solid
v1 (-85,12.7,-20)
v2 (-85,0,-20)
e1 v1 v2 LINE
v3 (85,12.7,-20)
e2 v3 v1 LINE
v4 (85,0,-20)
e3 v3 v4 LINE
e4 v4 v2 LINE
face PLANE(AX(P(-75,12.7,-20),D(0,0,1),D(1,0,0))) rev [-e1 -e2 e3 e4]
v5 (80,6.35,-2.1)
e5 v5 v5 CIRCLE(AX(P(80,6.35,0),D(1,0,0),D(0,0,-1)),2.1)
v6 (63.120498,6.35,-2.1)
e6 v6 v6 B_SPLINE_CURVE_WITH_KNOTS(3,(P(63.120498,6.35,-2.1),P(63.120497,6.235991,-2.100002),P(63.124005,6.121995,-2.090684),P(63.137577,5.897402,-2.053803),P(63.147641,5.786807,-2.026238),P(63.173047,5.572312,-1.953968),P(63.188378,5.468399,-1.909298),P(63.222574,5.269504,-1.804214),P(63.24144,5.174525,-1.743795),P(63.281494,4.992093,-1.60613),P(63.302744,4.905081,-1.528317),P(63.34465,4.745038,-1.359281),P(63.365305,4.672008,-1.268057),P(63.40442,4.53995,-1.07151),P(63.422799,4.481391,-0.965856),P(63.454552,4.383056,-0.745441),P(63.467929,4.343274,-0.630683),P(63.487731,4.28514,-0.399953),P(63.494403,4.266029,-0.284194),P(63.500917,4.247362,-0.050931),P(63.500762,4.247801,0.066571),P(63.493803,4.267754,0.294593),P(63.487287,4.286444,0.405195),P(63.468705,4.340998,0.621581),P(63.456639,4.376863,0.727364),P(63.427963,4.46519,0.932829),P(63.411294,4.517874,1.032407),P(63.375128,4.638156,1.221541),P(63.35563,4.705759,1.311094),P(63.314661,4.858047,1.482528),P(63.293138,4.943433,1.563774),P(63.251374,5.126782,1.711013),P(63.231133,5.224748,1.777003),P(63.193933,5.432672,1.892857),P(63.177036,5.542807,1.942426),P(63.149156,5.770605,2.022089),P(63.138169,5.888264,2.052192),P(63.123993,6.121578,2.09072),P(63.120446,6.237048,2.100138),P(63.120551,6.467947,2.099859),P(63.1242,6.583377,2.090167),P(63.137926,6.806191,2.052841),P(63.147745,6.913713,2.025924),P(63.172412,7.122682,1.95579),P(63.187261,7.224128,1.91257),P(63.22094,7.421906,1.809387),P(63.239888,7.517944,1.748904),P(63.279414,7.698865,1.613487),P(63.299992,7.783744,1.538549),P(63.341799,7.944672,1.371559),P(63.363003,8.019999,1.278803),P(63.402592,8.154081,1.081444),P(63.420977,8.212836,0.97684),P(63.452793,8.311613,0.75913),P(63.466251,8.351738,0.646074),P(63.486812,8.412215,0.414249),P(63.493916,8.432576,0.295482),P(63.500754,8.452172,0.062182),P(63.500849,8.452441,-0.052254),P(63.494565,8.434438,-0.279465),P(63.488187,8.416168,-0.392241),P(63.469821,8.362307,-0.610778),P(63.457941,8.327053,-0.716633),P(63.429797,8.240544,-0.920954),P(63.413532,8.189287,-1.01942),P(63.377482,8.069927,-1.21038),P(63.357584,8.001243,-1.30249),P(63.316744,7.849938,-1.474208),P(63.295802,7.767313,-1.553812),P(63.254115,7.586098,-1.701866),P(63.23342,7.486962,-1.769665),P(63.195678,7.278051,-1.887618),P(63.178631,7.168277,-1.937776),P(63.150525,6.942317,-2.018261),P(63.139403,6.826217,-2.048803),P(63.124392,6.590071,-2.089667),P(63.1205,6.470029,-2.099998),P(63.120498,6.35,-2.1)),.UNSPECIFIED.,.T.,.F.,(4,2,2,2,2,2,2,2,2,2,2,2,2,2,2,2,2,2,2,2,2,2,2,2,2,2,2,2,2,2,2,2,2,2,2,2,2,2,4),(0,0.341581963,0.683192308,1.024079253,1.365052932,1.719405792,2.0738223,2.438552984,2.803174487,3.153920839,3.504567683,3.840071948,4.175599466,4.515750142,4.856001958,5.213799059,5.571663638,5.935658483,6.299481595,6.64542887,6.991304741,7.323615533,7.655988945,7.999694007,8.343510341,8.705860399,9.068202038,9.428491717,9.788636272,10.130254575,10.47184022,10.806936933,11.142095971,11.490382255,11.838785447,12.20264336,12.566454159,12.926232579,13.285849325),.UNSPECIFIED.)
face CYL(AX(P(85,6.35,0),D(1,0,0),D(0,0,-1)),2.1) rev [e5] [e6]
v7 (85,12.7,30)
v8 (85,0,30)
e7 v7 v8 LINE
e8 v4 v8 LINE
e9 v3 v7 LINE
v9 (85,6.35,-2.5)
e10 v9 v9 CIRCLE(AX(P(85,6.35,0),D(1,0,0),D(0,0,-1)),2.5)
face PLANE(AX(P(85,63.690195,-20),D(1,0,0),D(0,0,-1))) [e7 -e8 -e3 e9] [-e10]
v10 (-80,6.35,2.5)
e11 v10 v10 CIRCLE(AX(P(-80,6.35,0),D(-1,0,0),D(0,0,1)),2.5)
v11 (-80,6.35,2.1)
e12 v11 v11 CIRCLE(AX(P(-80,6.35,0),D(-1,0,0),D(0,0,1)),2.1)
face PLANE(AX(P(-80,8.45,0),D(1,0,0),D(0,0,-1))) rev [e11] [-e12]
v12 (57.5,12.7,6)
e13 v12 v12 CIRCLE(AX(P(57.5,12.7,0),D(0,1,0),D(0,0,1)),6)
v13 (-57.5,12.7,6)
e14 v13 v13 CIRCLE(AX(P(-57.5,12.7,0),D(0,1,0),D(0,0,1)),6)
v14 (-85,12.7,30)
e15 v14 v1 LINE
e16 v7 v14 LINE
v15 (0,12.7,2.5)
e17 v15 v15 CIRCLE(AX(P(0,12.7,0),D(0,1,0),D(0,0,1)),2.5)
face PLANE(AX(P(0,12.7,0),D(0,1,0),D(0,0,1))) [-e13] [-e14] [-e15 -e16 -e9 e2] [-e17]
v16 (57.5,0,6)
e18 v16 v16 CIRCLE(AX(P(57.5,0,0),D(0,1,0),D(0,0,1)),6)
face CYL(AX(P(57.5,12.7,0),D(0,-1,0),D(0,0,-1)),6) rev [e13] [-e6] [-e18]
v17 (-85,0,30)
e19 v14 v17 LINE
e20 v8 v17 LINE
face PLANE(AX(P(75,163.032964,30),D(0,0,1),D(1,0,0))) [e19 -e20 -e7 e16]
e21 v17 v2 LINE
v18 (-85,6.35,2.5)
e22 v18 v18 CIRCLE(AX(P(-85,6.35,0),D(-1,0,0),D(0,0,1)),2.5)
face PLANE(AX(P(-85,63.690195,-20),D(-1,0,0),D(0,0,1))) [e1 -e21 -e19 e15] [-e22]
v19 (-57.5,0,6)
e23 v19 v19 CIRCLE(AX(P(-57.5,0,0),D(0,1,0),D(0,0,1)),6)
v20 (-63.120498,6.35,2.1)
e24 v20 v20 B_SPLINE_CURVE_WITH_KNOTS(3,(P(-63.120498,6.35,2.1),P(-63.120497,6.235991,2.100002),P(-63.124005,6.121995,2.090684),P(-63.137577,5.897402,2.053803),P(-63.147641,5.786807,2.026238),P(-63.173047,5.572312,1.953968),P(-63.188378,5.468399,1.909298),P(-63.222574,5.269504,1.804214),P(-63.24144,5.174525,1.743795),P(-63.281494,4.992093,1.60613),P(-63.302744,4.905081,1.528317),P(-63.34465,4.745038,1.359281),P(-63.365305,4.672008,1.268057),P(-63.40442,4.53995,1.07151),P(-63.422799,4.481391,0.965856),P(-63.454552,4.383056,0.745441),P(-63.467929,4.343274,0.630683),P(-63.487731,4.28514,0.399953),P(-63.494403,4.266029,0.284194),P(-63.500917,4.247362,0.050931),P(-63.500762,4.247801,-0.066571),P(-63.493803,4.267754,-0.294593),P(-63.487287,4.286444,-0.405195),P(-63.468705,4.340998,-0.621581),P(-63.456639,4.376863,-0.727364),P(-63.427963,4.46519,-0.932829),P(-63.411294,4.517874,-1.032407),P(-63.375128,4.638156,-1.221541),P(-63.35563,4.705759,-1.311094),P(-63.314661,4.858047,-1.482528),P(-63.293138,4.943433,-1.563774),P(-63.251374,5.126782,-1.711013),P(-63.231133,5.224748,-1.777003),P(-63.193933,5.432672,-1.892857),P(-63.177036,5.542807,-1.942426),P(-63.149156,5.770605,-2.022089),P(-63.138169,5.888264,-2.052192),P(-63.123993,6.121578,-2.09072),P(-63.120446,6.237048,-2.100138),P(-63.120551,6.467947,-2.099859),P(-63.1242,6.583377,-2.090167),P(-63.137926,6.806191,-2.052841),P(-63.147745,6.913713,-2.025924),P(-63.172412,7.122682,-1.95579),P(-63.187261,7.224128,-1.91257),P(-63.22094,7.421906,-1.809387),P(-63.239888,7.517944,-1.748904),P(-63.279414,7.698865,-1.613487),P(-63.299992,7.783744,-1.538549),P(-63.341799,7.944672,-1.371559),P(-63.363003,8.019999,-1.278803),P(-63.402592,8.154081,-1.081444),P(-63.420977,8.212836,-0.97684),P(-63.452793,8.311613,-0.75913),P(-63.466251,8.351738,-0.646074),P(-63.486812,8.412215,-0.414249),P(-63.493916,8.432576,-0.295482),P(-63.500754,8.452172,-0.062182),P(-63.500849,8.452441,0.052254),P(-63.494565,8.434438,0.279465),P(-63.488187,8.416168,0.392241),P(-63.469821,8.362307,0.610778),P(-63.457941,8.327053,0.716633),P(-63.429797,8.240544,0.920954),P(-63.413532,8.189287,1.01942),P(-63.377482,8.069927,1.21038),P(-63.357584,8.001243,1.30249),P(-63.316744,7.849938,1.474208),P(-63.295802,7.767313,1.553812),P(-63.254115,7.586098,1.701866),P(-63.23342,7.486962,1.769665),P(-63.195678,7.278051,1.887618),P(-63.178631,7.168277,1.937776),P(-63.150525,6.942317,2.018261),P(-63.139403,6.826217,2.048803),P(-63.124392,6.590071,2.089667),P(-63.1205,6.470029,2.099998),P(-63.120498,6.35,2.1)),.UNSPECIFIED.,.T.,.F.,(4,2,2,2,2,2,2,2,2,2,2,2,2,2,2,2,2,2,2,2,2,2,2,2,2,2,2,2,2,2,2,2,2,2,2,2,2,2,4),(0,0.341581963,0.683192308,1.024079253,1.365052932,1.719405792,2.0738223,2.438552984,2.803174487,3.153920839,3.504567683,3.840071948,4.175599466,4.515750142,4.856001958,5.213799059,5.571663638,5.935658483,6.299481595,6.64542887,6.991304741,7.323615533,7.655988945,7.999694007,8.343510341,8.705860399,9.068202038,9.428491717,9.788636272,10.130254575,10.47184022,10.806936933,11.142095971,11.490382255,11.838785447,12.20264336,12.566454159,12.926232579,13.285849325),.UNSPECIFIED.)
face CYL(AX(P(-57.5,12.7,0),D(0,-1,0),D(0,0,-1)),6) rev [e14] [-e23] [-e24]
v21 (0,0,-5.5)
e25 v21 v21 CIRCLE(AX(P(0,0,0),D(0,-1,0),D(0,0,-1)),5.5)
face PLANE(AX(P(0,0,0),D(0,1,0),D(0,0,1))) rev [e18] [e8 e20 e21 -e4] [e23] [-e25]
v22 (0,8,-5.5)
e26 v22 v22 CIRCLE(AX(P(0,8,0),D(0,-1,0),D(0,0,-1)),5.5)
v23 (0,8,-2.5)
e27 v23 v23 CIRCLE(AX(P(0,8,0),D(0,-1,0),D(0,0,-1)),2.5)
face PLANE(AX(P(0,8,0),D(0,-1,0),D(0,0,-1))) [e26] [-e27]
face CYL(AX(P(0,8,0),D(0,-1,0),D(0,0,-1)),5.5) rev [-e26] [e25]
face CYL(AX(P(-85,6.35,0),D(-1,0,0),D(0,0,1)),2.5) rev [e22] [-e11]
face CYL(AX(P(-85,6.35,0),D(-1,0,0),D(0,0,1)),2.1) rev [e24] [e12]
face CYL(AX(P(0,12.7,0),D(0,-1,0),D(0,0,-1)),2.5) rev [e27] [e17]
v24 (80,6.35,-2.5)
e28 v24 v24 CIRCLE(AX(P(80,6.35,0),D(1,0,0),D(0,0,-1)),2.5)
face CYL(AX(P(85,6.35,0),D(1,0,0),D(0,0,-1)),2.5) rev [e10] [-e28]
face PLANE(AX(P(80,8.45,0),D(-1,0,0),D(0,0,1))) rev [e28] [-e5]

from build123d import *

# Parameters (mm, degrees)
ESBO_O1_W                = 150
ESBO_O1_H                = 40
ESBO_O1_R                = 2.5
ESBO_O1_R_2              = 6
RESSALTO_EXTRUS_O1_DEPTH = 12.7
ESBO_O4_R                = 5.5
CORTE_EXTRUS_O1_DEPTH    = 8
ESBO_O7_W                = 150
ESBO_O7_H                = 10
RESSALTO_EXTRUS_O4_DEPTH = 12.7
ESBO_O8_W                = 10
ESBO_O8_H                = 50
RESSALTO_EXTRUS_O5_DEPTH = 12.7
ESBO_O9_R                = 2
CORTE_EXTRUS_O2_DEPTH    = 10


with BuildPart() as part:
    # Esboço1 → Ressalto-extrusão1 (new body)
    with BuildSketch(Plane(origin=(0, 0, 0), x_dir=(1, 0, 0), z_dir=(0, 1, 0))):
        Rectangle(ESBO_O1_W, ESBO_O1_H)
        with Locations(Location((0, 0, 0), (0, 0, 270))):
            Circle(ESBO_O1_R, mode=Mode.SUBTRACT)
        with Locations(Location((-57.5, 0, 0), (0, 0, 270))):
            Circle(ESBO_O1_R_2, mode=Mode.SUBTRACT)
        with Locations(Location((57.5, 0, 0), (0, 0, 270))):
            Circle(ESBO_O1_R_2, mode=Mode.SUBTRACT)
    extrude(amount=RESSALTO_EXTRUS_O1_DEPTH)

    # Esboço4 → Corte-extrusão1 (cut)
    with BuildSketch(Plane.XZ):
        with Locations(Location((0, 0, 0), (0, 0, 270))):
            Circle(ESBO_O4_R)
    extrude(amount=-CORTE_EXTRUS_O1_DEPTH, mode=Mode.SUBTRACT)

    # Esboço7 → Ressalto-extrusão4 (add)
    with BuildSketch(Plane.XZ):
        with Locations((0, 25)):
            Rectangle(ESBO_O7_W, ESBO_O7_H)
    extrude(amount=-RESSALTO_EXTRUS_O4_DEPTH)

    # Esboço8 → Ressalto-extrusão5 (add)
    with BuildSketch(Plane.XZ):
        with Locations((-80, 5)):
            Rectangle(ESBO_O8_W, ESBO_O8_H)
        with Locations((80, 5)):
            Rectangle(ESBO_O8_W, ESBO_O8_H)
    extrude(amount=-RESSALTO_EXTRUS_O5_DEPTH)

    # Esboço9 → Corte-extrusão2 (cut)
    with BuildSketch(Plane(origin=(85, 0, 0), x_dir=(0, 0, -1), z_dir=(1, 0, 0))):
        with Locations((0, 6.35)):
            Circle(ESBO_O9_R)
    corte_extrus_o2 = extrude(amount=-CORTE_EXTRUS_O2_DEPTH, mode=Mode.SUBTRACT)

    # Esboço13 → Furo roscado de M52 (revolve, cut)
    with BuildSketch(Plane(origin=(85, 6.35, 0), x_dir=(0, 0, -1), z_dir=(0, 1, 0))):
        Polygon((0, 0), (0, 30.2618073), (2.1, 29), (2.1, 5), (2.5, 5), (2.5, 0), align=None)
    furo_roscado_de_m52 = revolve(axis=Axis((91.35, 6.35, 0), (-1, 0, 0)), mode=Mode.SUBTRACT)

    # Espelhar1: Corte-extrusão2, Furo roscado de M52 across plane
    add(corte_extrus_o2.mirror(Plane(origin=(0, 0, 0), x_dir=(0, 0, 1), z_dir=(1, 0, 0))), mode=Mode.SUBTRACT)
    add(furo_roscado_de_m52.mirror(Plane(origin=(0, 0, 0), x_dir=(0, 0, 1), z_dir=(1, 0, 0))), mode=Mode.SUBTRACT)


solid = part.part
